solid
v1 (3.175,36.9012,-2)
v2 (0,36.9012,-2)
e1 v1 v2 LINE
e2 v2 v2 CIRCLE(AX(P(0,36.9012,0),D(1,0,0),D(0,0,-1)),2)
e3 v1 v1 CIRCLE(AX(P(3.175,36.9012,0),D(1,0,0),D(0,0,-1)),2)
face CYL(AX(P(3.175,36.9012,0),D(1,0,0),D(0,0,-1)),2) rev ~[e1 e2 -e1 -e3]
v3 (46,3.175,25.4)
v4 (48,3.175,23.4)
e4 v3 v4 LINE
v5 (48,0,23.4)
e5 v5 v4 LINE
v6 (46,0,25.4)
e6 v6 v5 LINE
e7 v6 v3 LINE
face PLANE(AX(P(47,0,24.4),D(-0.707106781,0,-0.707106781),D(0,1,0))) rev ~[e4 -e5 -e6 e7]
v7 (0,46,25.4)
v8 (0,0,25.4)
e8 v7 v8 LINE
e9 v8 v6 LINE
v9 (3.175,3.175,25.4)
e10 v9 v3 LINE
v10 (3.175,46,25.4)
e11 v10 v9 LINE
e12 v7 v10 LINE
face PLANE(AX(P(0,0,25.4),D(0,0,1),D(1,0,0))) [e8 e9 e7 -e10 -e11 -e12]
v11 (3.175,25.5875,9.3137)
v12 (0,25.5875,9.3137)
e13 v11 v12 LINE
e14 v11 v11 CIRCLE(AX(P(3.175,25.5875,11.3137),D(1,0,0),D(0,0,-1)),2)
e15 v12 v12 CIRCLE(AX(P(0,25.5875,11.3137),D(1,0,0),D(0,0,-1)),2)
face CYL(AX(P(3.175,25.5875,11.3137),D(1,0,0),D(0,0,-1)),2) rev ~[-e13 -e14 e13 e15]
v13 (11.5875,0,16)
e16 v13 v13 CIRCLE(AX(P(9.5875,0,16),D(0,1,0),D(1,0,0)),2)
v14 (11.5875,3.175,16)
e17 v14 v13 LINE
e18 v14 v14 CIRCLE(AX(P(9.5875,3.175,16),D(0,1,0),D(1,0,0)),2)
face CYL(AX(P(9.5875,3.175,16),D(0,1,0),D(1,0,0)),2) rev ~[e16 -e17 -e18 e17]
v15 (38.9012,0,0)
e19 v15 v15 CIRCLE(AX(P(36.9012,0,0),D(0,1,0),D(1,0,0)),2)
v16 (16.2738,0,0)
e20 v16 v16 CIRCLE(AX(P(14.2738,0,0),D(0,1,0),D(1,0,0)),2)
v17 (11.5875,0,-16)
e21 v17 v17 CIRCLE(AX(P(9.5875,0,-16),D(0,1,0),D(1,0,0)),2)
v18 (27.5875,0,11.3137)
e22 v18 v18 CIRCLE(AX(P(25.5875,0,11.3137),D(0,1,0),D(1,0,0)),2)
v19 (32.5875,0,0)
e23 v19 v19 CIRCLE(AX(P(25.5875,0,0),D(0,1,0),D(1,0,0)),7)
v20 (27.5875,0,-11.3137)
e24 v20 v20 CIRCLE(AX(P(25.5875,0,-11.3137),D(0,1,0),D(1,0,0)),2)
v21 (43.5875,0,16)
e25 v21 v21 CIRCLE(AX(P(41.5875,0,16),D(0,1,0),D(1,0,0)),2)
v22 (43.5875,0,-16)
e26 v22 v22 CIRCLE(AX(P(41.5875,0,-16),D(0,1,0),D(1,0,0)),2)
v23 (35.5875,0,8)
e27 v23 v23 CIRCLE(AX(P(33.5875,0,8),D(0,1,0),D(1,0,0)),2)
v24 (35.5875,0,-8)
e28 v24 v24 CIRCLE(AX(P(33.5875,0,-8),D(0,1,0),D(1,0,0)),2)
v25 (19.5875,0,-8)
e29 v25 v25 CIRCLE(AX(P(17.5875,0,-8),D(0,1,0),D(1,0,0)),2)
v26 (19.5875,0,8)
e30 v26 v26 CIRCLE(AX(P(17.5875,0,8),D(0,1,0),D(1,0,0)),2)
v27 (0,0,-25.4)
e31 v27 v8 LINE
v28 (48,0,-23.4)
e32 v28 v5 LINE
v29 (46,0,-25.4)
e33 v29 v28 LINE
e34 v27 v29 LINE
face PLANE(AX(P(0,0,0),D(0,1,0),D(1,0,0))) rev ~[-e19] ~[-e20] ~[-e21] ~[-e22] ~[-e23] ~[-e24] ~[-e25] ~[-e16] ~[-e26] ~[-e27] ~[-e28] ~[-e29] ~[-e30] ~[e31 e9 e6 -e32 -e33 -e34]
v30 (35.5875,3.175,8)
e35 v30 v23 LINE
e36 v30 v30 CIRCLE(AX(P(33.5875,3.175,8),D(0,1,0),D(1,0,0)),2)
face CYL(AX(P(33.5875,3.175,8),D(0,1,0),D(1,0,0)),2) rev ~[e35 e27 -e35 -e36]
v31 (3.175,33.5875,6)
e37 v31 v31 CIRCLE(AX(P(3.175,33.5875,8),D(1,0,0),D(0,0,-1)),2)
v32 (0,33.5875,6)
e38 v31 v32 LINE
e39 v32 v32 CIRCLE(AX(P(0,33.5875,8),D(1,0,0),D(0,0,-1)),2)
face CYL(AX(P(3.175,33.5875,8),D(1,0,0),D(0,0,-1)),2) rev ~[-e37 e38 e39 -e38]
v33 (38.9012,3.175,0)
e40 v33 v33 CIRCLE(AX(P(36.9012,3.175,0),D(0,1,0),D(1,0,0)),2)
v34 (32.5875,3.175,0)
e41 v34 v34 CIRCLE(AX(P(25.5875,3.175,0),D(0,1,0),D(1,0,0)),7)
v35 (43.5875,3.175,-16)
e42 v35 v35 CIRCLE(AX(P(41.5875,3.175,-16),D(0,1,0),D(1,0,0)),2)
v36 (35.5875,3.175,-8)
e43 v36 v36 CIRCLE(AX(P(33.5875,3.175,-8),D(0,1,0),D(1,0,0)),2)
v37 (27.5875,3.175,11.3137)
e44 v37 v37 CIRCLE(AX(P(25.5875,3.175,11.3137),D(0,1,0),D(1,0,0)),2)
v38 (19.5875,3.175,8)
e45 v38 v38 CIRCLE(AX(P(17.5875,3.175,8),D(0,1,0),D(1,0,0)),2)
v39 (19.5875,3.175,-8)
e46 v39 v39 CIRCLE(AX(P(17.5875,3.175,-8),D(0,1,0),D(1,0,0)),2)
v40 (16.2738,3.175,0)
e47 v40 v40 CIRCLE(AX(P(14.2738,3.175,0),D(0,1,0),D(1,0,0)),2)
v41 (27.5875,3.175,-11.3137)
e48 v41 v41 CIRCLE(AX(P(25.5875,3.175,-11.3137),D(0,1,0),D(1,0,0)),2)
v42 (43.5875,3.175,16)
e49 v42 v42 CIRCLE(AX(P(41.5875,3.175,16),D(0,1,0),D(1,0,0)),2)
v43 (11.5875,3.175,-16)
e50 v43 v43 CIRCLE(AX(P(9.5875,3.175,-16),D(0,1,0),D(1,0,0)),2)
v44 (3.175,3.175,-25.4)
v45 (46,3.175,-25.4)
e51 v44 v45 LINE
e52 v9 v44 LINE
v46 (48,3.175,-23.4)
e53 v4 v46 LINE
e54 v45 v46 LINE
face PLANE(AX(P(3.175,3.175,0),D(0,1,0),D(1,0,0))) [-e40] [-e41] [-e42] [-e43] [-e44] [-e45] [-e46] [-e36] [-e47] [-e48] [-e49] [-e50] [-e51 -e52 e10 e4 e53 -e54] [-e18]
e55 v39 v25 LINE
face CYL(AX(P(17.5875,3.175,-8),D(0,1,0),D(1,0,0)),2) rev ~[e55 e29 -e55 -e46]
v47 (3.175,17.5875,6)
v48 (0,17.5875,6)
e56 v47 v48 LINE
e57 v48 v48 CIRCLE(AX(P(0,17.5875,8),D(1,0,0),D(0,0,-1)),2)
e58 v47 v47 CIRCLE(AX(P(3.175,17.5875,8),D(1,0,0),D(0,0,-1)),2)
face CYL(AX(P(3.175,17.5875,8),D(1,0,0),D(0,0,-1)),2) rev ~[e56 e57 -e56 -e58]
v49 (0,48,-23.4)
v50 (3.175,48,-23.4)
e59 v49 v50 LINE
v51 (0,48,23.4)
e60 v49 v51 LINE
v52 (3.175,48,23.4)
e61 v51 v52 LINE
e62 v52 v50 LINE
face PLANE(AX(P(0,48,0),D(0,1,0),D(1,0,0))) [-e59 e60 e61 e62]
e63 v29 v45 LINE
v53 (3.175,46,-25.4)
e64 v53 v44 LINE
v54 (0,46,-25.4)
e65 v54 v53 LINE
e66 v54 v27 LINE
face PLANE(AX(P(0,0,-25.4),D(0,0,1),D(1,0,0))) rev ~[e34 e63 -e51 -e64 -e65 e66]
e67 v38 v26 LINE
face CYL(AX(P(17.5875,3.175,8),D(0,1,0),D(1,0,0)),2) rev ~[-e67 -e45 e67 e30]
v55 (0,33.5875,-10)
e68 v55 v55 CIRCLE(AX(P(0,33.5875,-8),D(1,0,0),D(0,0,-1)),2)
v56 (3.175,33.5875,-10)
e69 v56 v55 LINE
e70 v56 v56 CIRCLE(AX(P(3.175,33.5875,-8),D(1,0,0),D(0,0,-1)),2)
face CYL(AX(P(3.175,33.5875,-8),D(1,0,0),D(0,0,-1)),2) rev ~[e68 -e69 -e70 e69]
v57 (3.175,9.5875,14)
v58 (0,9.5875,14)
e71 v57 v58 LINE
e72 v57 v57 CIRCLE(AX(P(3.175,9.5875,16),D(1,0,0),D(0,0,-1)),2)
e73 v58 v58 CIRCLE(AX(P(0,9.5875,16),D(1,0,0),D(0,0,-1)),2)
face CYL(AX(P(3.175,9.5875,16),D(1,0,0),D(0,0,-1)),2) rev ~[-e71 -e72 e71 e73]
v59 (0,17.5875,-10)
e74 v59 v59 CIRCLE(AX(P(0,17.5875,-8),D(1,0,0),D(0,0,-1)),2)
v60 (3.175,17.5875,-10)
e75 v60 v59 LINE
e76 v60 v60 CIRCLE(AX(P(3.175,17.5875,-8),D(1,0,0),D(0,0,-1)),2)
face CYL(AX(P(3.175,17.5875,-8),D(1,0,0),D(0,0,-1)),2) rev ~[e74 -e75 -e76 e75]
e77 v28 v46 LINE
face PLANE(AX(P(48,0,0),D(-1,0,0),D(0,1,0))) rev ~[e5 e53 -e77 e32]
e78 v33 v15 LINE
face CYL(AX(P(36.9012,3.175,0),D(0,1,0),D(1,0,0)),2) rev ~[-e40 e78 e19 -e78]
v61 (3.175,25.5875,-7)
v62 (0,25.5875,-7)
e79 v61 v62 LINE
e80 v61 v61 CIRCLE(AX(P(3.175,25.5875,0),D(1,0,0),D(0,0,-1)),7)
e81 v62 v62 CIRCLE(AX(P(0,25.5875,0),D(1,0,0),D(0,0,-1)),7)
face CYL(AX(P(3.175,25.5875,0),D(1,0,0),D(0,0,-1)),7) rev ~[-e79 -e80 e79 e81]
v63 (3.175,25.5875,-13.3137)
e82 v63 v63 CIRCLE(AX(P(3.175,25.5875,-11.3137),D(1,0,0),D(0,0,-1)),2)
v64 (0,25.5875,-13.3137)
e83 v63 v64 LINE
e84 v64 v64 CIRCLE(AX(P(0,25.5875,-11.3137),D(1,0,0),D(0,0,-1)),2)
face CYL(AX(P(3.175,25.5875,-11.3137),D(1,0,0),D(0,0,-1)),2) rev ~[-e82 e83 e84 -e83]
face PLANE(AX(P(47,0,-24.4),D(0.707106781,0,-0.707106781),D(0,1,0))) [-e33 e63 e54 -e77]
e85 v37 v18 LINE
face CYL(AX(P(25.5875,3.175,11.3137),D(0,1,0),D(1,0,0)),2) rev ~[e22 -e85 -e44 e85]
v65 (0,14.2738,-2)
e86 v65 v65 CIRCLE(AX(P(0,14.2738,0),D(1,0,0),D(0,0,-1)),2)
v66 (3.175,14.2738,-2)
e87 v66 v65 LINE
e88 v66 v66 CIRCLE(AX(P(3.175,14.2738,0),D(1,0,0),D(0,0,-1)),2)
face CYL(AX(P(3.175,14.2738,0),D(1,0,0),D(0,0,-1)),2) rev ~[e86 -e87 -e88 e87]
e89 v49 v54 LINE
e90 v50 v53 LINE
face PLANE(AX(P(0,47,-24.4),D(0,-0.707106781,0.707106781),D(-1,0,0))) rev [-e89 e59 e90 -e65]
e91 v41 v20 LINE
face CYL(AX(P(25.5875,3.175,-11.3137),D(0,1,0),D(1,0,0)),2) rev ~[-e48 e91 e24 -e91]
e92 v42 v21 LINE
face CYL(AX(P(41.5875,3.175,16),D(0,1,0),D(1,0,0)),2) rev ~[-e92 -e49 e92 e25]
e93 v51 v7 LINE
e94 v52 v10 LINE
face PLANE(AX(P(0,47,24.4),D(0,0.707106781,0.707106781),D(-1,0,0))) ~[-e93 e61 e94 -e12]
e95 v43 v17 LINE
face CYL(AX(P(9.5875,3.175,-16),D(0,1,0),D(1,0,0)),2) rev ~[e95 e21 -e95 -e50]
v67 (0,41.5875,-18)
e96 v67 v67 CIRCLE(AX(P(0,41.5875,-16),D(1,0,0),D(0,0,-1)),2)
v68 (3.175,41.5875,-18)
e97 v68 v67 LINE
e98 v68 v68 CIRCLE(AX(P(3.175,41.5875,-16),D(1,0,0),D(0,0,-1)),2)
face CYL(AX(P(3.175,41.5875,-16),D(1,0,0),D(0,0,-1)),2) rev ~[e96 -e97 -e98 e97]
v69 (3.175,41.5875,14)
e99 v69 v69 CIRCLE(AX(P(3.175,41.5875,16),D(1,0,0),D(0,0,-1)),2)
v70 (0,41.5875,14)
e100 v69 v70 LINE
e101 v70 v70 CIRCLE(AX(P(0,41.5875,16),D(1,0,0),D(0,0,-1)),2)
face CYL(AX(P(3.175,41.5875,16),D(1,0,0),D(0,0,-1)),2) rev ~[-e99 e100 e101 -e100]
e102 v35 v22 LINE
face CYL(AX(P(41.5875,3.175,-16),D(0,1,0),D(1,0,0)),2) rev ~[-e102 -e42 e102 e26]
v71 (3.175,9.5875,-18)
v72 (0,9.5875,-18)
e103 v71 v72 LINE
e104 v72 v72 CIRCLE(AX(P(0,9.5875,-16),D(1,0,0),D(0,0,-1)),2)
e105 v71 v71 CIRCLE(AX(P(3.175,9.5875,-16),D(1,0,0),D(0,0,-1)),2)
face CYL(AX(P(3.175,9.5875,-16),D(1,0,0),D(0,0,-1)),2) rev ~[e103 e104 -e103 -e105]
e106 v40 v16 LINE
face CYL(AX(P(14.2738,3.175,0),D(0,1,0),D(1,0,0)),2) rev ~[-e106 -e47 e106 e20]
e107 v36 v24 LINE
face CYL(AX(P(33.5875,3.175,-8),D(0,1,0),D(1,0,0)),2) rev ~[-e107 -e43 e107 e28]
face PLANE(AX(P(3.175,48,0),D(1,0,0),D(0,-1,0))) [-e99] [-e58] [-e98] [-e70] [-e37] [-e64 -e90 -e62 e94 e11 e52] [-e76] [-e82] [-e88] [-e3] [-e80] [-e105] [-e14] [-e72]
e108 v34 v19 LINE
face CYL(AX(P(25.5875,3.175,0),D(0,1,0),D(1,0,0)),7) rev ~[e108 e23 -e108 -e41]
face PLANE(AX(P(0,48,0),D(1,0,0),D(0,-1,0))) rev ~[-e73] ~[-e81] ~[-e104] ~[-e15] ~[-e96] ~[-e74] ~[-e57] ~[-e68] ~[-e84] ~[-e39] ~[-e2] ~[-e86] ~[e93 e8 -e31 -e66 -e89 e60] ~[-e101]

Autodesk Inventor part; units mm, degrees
ref_plane "YZ Plane" through (0, 0, 0) normal (1, 0, 0) x (0, 1, 0)
ref_plane "XZ Plane" through (0, 0, 0) normal (0, 1, 0) x (-1, 0, 0)
ref_plane "XY Plane" through (0, 0, 0) normal (0, 0, 1) x (1, 0, 0)
sketch "Sketch1" plane through (0, 0, 0) normal (0, 0, 1) x (1, 0, 0)
  line L0 (0, 48) -> (0, 0)
  line L1 (0, 0) -> (48, 0)
  line L2 (48, 0) -> (48, 3.175)
  line L3 (0, 48) -> (3.175, 48)
  line L4 (3.175, 48) -> (3.175, 3.175)
  line L5 (3.175, 3.175) -> (48, 3.175)
  dimension "d0" = 48
  dimension "d1" = 48
  dimension "d2" = 3.175
  dimension "d3" = 3.175
extrude "Extrusion1" add sketch "Sketch1" along normal mid plane 50.8
sketch "Sketch2" plane through (3.175, 3.175, 25.4) normal (0, 1, 0) x (1, 0, 0)
  line L0 (0, 50.8) -> (0, 0) construction
  line L1 (44.825, 0) -> (0, 0) construction
  line L2 (44.825, 50.8) -> (44.825, 0) construction
  line L3 (0, 50.8) -> (44.825, 50.8) construction
  line L4 (-3.175, 0) -> (44.825, 0) projected
  line L5 (22.4125, 0) -> (22.4125, 50.8) construction
  line L6 (0, 25.4) -> (44.825, 25.4) construction
  circle A0 centre (22.4125, 25.4) radius 7
  circle A1 centre (14.4125, 33.4) radius 2
  circle A2 centre (11.0988, 25.4) radius 2
  circle A3 centre (14.4125, 17.4) radius 2
  circle A4 centre (22.4125, 14.0863) radius 2
  circle A5 centre (30.4125, 17.4) radius 2
  circle A6 centre (33.7262, 25.4) radius 2
  circle A7 centre (30.4125, 33.4) radius 2
  circle A8 centre (22.4125, 36.7137) radius 2
  circle A9 centre (38.4125, 9.4) radius 2
  circle A10 centre (6.4125, 9.4) radius 2
  circle A11 centre (38.4125, 41.4) radius 2
  circle A12 centre (6.4125, 41.4) radius 2
  point P0 (-3.175, 25.4)
  dimension "d6" = 14
  dimension "d7" = 4
  dimension "d8" = 8
  dimension "d9" = 8
  dimension "d12" = 360
  dimension "d14" = 4
  dimension "d15" = 16
  dimension "d16" = 16
extrude "Extrusion2" cut sketch "Sketch2" against normal through all
sketch "Sketch3" plane through (3.175, 3.175, 25.4) normal (1, 0, 0) x (0, 0, -1)
  line L0 (50.8, 44.825) -> (0, 44.825) construction
  line L1 (0, 0) -> (0, 44.825) construction
  line L2 (50.8, 0) -> (0, 0) construction
  line L3 (50.8, 44.825) -> (50.8, 0) construction
  line L4 (50.8, 44.825) -> (0, 44.825) projected
  line L5 (25.4, 44.825) -> (25.4, 0) construction
  line L6 (0, 22.4125) -> (50.8, 22.4125) construction
  circle A0 centre (25.4, 22.4125) radius 7
  circle A1 centre (33.4, 30.4125) radius 2
  circle A2 centre (25.4, 33.7262) radius 2
  circle A3 centre (17.4, 30.4125) radius 2
  circle A4 centre (14.0863, 22.4125) radius 2
  circle A5 centre (17.4, 14.4125) radius 2
  circle A6 centre (25.4, 11.0988) radius 2
  circle A7 centre (33.4, 14.4125) radius 2
  circle A8 centre (36.7137, 22.4125) radius 2
  circle A9 centre (9.4, 38.4125) radius 2
  circle A10 centre (9.4, 6.4125) radius 2
  circle A11 centre (41.4, 38.4125) radius 2
  circle A12 centre (41.4, 6.4125) radius 2
  point P0 (25.4, -3.175)
  dimension "d19" = 14
  dimension "d20" = 4
  dimension "d21" = 8
  dimension "d22" = 8
  dimension "d25" = 360
  dimension "d27" = 4
  dimension "d28" = 16
  dimension "d29" = 16
extrude "Extrusion3" cut sketch "Sketch3" against normal through all
chamfer "Chamfer1" distance 2 angle 45 4 edges at (1.5875, 48, 25.4) (1.5875, 48, -25.4) (48, 1.5875, 25.4) (48, 1.5875, -25.4)
properties part number "Arashtrix 48mm x 48mm L-Bracket"
